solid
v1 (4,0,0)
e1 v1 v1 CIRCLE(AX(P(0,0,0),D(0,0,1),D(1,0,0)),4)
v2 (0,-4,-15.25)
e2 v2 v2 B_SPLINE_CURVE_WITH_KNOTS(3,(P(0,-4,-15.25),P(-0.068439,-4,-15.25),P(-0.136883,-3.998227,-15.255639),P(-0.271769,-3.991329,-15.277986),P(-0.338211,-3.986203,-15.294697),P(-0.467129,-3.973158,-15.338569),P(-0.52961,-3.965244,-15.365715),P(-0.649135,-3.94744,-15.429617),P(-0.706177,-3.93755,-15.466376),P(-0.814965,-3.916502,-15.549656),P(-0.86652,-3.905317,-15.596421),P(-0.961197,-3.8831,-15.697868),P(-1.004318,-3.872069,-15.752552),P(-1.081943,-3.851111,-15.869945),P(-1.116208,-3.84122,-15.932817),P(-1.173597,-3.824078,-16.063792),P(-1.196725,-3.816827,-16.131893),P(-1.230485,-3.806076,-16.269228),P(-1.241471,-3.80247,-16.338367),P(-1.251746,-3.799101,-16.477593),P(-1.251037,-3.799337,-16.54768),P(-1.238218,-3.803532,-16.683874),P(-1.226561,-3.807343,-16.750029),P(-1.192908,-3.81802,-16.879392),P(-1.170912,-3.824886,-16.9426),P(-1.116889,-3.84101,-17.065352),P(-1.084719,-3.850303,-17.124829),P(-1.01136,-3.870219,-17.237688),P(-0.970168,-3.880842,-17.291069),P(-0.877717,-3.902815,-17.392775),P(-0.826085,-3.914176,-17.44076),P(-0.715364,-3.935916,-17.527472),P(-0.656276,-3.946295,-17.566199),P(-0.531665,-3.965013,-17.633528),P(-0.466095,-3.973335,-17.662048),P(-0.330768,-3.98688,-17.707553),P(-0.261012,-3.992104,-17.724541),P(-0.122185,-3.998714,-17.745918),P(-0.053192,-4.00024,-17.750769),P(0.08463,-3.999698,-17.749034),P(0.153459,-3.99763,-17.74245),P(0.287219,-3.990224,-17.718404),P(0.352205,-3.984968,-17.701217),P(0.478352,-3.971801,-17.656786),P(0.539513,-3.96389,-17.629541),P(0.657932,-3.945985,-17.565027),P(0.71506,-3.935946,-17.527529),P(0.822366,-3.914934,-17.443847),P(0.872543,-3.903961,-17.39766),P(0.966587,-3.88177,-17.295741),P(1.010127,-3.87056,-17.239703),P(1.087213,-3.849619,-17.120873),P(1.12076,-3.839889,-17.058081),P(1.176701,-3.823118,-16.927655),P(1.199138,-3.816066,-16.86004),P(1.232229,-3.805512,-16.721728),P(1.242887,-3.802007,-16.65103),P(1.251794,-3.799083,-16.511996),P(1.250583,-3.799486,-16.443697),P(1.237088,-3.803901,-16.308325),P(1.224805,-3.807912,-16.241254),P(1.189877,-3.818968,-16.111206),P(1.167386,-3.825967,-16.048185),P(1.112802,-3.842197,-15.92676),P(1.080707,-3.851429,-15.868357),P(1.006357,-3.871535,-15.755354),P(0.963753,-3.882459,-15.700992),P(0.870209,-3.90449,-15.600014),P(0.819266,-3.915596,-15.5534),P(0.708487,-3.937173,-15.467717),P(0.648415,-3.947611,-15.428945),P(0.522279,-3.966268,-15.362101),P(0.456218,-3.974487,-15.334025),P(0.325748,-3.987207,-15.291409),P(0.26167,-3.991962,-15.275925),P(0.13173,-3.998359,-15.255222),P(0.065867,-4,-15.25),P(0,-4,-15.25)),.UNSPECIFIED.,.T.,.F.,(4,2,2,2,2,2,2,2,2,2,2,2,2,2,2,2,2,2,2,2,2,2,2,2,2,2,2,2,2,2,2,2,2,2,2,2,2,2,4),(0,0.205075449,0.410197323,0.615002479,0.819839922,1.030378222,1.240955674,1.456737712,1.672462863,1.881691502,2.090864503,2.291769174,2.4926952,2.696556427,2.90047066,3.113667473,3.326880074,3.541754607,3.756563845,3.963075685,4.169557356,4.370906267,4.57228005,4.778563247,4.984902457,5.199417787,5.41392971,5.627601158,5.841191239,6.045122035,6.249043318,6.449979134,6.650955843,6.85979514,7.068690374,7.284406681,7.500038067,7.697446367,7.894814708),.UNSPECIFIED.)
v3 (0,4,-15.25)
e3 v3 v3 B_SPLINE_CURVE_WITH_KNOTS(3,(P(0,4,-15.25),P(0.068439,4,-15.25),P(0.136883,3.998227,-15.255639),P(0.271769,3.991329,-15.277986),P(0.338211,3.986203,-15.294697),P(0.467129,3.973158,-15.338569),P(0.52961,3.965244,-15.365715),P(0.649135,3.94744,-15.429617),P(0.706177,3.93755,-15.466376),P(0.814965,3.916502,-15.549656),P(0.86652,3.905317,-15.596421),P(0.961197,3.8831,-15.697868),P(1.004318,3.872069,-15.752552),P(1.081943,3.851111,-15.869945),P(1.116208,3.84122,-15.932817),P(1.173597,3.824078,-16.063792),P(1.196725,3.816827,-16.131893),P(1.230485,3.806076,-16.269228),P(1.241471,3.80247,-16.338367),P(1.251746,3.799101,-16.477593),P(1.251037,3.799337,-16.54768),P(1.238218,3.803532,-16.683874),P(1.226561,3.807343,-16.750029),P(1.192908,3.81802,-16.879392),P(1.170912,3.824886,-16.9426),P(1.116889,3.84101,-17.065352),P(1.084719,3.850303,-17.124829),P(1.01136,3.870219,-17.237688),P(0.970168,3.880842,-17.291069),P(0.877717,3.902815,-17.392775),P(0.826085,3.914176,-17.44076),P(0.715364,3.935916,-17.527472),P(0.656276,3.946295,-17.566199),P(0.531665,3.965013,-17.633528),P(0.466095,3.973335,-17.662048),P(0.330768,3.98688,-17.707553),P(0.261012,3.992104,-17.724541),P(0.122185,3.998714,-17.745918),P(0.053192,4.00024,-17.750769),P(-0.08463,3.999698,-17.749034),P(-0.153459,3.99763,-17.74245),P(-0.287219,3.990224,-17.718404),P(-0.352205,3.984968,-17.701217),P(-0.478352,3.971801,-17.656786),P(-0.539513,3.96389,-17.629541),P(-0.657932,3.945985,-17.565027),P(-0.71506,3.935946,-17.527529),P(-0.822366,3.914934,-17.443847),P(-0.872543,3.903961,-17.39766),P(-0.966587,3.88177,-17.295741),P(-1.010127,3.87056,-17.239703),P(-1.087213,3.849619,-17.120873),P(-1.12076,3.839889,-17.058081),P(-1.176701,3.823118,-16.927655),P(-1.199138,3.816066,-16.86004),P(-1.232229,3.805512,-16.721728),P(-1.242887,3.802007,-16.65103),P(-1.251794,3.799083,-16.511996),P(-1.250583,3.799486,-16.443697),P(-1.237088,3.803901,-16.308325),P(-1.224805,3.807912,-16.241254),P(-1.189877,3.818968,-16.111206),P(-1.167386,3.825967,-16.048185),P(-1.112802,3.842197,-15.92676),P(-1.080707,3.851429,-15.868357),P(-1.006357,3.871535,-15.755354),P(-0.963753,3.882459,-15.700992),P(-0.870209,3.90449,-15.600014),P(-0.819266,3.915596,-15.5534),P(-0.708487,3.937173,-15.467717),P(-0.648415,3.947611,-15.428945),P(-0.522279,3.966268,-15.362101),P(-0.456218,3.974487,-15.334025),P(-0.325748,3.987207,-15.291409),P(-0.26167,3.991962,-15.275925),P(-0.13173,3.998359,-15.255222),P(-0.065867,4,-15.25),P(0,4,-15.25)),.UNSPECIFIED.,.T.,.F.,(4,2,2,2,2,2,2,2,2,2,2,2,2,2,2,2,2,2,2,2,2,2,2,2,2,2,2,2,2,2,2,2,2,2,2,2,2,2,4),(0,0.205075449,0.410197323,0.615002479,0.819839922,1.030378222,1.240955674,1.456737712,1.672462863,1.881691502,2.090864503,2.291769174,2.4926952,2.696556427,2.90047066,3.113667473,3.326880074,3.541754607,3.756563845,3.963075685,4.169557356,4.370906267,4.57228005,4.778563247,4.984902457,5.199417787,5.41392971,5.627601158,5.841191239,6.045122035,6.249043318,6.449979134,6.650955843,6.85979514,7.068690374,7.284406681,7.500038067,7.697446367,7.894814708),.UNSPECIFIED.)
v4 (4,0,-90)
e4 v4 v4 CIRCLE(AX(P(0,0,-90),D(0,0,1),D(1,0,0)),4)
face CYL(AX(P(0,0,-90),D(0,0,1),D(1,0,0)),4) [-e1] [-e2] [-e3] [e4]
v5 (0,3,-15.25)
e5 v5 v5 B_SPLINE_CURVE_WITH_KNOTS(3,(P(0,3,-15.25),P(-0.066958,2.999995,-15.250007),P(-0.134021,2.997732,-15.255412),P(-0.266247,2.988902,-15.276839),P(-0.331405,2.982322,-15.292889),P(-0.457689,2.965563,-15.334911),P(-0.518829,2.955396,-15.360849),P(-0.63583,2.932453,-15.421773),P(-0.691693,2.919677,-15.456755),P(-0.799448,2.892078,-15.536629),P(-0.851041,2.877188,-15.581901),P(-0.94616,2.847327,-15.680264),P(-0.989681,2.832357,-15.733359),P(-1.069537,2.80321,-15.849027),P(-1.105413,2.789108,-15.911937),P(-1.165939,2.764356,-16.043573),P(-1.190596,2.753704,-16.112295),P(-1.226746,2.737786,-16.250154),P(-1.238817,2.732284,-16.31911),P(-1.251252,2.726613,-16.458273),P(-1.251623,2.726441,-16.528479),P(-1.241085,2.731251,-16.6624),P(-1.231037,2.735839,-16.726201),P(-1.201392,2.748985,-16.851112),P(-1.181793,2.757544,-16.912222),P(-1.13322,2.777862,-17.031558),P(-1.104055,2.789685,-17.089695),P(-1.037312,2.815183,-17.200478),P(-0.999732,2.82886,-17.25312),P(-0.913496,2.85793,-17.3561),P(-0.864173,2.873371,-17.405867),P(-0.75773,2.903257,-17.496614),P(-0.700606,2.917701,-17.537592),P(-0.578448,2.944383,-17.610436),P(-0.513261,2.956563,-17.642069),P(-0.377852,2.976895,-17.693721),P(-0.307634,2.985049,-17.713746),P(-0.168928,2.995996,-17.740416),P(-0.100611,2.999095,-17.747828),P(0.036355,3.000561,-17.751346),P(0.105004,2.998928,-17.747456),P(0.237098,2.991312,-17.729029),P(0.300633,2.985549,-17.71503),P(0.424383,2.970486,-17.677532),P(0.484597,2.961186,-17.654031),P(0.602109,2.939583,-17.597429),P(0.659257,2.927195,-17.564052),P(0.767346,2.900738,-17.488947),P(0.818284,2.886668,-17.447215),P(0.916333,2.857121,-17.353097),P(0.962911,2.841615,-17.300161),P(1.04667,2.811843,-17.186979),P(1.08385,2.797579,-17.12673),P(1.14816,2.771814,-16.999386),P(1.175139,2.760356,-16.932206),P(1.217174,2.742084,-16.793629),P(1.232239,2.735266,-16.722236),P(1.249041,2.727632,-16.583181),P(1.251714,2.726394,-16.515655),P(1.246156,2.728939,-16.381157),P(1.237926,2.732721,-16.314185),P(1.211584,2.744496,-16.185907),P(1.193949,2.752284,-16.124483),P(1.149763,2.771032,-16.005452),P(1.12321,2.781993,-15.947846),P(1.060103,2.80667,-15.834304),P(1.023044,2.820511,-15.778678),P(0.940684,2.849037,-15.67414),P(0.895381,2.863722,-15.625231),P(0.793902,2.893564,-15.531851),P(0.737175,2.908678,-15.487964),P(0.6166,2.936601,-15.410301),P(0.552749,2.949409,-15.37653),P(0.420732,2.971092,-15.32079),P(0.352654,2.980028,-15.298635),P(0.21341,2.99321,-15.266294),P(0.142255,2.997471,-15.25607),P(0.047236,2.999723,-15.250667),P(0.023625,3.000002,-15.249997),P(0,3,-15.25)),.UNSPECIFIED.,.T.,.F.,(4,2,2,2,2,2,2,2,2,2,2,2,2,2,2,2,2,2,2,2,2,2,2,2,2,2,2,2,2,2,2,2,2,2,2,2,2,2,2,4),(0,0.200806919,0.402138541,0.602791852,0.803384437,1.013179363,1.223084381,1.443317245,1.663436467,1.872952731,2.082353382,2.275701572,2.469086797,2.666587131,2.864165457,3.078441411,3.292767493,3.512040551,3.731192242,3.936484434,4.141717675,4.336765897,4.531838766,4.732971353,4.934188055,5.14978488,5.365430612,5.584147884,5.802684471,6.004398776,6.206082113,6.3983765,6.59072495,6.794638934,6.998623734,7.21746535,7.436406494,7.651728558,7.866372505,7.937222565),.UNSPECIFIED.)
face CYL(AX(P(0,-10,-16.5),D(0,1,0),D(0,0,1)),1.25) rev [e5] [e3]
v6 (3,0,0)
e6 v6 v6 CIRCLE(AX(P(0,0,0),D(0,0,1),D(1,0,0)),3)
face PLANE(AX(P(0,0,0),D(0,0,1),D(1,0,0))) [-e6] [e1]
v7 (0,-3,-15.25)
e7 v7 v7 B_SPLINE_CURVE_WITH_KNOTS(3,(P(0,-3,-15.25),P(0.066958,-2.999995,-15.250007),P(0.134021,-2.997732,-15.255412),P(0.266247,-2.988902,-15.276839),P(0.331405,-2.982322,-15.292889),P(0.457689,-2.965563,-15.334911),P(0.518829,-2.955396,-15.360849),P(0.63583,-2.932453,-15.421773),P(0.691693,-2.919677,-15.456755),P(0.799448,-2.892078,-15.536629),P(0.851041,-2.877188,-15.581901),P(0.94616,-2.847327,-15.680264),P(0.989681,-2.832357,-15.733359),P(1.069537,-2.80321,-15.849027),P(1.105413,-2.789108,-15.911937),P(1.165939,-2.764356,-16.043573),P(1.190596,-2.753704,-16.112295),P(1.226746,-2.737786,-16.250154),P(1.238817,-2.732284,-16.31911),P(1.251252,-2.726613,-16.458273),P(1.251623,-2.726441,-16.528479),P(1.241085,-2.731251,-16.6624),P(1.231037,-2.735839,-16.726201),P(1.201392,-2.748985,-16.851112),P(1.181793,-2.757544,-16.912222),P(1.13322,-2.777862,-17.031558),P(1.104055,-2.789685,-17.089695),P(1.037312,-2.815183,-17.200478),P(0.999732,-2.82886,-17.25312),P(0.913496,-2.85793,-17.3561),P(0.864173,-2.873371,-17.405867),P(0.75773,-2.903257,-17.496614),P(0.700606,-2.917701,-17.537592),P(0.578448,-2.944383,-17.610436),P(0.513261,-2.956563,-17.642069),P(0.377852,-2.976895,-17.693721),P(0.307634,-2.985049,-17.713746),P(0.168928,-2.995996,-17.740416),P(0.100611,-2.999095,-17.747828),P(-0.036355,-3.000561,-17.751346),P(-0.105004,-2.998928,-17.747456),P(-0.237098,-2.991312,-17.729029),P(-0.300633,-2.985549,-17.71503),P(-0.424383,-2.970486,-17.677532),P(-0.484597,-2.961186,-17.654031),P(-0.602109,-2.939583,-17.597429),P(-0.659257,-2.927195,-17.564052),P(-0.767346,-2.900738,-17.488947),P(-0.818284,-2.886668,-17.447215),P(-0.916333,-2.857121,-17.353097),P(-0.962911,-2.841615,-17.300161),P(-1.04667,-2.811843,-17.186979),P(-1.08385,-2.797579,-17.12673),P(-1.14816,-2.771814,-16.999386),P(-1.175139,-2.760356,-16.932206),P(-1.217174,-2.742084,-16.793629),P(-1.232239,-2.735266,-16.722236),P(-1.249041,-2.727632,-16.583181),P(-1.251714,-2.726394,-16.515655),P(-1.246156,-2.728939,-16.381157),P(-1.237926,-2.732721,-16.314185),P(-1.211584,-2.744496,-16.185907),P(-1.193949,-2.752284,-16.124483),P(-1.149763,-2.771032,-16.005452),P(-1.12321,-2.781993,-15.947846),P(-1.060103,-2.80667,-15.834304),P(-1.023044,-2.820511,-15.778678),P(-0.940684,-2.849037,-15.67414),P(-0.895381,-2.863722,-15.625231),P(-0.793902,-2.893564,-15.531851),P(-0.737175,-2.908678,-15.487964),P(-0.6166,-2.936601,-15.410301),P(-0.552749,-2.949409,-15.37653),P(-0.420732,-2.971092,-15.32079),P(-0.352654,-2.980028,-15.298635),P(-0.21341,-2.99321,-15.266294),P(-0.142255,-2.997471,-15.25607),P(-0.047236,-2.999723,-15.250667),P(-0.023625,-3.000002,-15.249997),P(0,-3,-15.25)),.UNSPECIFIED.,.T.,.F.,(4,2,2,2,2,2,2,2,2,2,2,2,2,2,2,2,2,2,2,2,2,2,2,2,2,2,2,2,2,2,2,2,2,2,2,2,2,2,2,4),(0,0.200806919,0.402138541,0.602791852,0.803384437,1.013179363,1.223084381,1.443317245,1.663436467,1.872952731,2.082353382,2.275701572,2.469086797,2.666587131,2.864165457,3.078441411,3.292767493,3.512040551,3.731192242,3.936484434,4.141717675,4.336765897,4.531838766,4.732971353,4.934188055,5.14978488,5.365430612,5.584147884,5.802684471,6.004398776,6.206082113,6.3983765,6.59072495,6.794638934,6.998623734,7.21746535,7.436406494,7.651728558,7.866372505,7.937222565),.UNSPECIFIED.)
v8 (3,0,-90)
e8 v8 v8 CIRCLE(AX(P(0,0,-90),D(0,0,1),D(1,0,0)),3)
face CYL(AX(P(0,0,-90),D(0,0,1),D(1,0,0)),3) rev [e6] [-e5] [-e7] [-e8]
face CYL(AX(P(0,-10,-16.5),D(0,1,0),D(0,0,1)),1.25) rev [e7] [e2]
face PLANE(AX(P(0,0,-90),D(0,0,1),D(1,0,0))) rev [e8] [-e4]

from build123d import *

# Parameters (mm, degrees)
ESQUISSE1_R               = 4
BOSS_EXTRU_1_DEPTH        = 90
ESQUISSE2_R               = 1.25
ENL_V_MAT_EXTRU_1_DEPTH   = 10
TROU_TARAUD_M3X0_51_D     = 2.5
TROU_TARAUD_M3X0_51_DEPTH = 12.5
TROU_TARAUD_M3X0_51_TIP   = 0.751075774
ESQUISSE6_R               = 3
ENL_V_MAT_EXTRU_2_DEPTH   = 91.177602649


with BuildPart() as part:
    # Esquisse1 → Boss.-Extru.1 (new body)
    with BuildSketch(Plane.XY):
        Circle(ESQUISSE1_R)
    extrude(amount=-BOSS_EXTRU_1_DEPTH)

    # Esquisse2 → Enlèv. mat.-Extru.1 (cut, symmetric)
    with BuildSketch(Plane(origin=(0, 0, 0), x_dir=(1, 0, 0), z_dir=(0, 1, 0))):
        with Locations(Location((0, 16.5, 0), (0, 0, 270))):
            Circle(ESQUISSE2_R)
    extrude(amount=ENL_V_MAT_EXTRU_1_DEPTH, both=True, mode=Mode.SUBTRACT)

    # Trou taraudé M3x0.51
    with Locations(Plane(origin=(0, 0, -90), x_dir=(-1, 0, 0), z_dir=(0, 0, -1))):
        with Locations((0, 0)):
            Hole(TROU_TARAUD_M3X0_51_D / 2, depth=TROU_TARAUD_M3X0_51_DEPTH)
            with Locations((0, 0, -(TROU_TARAUD_M3X0_51_DEPTH + TROU_TARAUD_M3X0_51_TIP / 2))):  # 118° drill point
                Cone(0, TROU_TARAUD_M3X0_51_D / 2, TROU_TARAUD_M3X0_51_TIP, mode=Mode.SUBTRACT)

    # Esquisse6 → Enlèv. mat.-Extru.2 (cut, through all)
    with BuildSketch(Plane.XY):
        Circle(ESQUISSE6_R)
    extrude(amount=-ENL_V_MAT_EXTRU_2_DEPTH, mode=Mode.SUBTRACT)


solid = part.part
